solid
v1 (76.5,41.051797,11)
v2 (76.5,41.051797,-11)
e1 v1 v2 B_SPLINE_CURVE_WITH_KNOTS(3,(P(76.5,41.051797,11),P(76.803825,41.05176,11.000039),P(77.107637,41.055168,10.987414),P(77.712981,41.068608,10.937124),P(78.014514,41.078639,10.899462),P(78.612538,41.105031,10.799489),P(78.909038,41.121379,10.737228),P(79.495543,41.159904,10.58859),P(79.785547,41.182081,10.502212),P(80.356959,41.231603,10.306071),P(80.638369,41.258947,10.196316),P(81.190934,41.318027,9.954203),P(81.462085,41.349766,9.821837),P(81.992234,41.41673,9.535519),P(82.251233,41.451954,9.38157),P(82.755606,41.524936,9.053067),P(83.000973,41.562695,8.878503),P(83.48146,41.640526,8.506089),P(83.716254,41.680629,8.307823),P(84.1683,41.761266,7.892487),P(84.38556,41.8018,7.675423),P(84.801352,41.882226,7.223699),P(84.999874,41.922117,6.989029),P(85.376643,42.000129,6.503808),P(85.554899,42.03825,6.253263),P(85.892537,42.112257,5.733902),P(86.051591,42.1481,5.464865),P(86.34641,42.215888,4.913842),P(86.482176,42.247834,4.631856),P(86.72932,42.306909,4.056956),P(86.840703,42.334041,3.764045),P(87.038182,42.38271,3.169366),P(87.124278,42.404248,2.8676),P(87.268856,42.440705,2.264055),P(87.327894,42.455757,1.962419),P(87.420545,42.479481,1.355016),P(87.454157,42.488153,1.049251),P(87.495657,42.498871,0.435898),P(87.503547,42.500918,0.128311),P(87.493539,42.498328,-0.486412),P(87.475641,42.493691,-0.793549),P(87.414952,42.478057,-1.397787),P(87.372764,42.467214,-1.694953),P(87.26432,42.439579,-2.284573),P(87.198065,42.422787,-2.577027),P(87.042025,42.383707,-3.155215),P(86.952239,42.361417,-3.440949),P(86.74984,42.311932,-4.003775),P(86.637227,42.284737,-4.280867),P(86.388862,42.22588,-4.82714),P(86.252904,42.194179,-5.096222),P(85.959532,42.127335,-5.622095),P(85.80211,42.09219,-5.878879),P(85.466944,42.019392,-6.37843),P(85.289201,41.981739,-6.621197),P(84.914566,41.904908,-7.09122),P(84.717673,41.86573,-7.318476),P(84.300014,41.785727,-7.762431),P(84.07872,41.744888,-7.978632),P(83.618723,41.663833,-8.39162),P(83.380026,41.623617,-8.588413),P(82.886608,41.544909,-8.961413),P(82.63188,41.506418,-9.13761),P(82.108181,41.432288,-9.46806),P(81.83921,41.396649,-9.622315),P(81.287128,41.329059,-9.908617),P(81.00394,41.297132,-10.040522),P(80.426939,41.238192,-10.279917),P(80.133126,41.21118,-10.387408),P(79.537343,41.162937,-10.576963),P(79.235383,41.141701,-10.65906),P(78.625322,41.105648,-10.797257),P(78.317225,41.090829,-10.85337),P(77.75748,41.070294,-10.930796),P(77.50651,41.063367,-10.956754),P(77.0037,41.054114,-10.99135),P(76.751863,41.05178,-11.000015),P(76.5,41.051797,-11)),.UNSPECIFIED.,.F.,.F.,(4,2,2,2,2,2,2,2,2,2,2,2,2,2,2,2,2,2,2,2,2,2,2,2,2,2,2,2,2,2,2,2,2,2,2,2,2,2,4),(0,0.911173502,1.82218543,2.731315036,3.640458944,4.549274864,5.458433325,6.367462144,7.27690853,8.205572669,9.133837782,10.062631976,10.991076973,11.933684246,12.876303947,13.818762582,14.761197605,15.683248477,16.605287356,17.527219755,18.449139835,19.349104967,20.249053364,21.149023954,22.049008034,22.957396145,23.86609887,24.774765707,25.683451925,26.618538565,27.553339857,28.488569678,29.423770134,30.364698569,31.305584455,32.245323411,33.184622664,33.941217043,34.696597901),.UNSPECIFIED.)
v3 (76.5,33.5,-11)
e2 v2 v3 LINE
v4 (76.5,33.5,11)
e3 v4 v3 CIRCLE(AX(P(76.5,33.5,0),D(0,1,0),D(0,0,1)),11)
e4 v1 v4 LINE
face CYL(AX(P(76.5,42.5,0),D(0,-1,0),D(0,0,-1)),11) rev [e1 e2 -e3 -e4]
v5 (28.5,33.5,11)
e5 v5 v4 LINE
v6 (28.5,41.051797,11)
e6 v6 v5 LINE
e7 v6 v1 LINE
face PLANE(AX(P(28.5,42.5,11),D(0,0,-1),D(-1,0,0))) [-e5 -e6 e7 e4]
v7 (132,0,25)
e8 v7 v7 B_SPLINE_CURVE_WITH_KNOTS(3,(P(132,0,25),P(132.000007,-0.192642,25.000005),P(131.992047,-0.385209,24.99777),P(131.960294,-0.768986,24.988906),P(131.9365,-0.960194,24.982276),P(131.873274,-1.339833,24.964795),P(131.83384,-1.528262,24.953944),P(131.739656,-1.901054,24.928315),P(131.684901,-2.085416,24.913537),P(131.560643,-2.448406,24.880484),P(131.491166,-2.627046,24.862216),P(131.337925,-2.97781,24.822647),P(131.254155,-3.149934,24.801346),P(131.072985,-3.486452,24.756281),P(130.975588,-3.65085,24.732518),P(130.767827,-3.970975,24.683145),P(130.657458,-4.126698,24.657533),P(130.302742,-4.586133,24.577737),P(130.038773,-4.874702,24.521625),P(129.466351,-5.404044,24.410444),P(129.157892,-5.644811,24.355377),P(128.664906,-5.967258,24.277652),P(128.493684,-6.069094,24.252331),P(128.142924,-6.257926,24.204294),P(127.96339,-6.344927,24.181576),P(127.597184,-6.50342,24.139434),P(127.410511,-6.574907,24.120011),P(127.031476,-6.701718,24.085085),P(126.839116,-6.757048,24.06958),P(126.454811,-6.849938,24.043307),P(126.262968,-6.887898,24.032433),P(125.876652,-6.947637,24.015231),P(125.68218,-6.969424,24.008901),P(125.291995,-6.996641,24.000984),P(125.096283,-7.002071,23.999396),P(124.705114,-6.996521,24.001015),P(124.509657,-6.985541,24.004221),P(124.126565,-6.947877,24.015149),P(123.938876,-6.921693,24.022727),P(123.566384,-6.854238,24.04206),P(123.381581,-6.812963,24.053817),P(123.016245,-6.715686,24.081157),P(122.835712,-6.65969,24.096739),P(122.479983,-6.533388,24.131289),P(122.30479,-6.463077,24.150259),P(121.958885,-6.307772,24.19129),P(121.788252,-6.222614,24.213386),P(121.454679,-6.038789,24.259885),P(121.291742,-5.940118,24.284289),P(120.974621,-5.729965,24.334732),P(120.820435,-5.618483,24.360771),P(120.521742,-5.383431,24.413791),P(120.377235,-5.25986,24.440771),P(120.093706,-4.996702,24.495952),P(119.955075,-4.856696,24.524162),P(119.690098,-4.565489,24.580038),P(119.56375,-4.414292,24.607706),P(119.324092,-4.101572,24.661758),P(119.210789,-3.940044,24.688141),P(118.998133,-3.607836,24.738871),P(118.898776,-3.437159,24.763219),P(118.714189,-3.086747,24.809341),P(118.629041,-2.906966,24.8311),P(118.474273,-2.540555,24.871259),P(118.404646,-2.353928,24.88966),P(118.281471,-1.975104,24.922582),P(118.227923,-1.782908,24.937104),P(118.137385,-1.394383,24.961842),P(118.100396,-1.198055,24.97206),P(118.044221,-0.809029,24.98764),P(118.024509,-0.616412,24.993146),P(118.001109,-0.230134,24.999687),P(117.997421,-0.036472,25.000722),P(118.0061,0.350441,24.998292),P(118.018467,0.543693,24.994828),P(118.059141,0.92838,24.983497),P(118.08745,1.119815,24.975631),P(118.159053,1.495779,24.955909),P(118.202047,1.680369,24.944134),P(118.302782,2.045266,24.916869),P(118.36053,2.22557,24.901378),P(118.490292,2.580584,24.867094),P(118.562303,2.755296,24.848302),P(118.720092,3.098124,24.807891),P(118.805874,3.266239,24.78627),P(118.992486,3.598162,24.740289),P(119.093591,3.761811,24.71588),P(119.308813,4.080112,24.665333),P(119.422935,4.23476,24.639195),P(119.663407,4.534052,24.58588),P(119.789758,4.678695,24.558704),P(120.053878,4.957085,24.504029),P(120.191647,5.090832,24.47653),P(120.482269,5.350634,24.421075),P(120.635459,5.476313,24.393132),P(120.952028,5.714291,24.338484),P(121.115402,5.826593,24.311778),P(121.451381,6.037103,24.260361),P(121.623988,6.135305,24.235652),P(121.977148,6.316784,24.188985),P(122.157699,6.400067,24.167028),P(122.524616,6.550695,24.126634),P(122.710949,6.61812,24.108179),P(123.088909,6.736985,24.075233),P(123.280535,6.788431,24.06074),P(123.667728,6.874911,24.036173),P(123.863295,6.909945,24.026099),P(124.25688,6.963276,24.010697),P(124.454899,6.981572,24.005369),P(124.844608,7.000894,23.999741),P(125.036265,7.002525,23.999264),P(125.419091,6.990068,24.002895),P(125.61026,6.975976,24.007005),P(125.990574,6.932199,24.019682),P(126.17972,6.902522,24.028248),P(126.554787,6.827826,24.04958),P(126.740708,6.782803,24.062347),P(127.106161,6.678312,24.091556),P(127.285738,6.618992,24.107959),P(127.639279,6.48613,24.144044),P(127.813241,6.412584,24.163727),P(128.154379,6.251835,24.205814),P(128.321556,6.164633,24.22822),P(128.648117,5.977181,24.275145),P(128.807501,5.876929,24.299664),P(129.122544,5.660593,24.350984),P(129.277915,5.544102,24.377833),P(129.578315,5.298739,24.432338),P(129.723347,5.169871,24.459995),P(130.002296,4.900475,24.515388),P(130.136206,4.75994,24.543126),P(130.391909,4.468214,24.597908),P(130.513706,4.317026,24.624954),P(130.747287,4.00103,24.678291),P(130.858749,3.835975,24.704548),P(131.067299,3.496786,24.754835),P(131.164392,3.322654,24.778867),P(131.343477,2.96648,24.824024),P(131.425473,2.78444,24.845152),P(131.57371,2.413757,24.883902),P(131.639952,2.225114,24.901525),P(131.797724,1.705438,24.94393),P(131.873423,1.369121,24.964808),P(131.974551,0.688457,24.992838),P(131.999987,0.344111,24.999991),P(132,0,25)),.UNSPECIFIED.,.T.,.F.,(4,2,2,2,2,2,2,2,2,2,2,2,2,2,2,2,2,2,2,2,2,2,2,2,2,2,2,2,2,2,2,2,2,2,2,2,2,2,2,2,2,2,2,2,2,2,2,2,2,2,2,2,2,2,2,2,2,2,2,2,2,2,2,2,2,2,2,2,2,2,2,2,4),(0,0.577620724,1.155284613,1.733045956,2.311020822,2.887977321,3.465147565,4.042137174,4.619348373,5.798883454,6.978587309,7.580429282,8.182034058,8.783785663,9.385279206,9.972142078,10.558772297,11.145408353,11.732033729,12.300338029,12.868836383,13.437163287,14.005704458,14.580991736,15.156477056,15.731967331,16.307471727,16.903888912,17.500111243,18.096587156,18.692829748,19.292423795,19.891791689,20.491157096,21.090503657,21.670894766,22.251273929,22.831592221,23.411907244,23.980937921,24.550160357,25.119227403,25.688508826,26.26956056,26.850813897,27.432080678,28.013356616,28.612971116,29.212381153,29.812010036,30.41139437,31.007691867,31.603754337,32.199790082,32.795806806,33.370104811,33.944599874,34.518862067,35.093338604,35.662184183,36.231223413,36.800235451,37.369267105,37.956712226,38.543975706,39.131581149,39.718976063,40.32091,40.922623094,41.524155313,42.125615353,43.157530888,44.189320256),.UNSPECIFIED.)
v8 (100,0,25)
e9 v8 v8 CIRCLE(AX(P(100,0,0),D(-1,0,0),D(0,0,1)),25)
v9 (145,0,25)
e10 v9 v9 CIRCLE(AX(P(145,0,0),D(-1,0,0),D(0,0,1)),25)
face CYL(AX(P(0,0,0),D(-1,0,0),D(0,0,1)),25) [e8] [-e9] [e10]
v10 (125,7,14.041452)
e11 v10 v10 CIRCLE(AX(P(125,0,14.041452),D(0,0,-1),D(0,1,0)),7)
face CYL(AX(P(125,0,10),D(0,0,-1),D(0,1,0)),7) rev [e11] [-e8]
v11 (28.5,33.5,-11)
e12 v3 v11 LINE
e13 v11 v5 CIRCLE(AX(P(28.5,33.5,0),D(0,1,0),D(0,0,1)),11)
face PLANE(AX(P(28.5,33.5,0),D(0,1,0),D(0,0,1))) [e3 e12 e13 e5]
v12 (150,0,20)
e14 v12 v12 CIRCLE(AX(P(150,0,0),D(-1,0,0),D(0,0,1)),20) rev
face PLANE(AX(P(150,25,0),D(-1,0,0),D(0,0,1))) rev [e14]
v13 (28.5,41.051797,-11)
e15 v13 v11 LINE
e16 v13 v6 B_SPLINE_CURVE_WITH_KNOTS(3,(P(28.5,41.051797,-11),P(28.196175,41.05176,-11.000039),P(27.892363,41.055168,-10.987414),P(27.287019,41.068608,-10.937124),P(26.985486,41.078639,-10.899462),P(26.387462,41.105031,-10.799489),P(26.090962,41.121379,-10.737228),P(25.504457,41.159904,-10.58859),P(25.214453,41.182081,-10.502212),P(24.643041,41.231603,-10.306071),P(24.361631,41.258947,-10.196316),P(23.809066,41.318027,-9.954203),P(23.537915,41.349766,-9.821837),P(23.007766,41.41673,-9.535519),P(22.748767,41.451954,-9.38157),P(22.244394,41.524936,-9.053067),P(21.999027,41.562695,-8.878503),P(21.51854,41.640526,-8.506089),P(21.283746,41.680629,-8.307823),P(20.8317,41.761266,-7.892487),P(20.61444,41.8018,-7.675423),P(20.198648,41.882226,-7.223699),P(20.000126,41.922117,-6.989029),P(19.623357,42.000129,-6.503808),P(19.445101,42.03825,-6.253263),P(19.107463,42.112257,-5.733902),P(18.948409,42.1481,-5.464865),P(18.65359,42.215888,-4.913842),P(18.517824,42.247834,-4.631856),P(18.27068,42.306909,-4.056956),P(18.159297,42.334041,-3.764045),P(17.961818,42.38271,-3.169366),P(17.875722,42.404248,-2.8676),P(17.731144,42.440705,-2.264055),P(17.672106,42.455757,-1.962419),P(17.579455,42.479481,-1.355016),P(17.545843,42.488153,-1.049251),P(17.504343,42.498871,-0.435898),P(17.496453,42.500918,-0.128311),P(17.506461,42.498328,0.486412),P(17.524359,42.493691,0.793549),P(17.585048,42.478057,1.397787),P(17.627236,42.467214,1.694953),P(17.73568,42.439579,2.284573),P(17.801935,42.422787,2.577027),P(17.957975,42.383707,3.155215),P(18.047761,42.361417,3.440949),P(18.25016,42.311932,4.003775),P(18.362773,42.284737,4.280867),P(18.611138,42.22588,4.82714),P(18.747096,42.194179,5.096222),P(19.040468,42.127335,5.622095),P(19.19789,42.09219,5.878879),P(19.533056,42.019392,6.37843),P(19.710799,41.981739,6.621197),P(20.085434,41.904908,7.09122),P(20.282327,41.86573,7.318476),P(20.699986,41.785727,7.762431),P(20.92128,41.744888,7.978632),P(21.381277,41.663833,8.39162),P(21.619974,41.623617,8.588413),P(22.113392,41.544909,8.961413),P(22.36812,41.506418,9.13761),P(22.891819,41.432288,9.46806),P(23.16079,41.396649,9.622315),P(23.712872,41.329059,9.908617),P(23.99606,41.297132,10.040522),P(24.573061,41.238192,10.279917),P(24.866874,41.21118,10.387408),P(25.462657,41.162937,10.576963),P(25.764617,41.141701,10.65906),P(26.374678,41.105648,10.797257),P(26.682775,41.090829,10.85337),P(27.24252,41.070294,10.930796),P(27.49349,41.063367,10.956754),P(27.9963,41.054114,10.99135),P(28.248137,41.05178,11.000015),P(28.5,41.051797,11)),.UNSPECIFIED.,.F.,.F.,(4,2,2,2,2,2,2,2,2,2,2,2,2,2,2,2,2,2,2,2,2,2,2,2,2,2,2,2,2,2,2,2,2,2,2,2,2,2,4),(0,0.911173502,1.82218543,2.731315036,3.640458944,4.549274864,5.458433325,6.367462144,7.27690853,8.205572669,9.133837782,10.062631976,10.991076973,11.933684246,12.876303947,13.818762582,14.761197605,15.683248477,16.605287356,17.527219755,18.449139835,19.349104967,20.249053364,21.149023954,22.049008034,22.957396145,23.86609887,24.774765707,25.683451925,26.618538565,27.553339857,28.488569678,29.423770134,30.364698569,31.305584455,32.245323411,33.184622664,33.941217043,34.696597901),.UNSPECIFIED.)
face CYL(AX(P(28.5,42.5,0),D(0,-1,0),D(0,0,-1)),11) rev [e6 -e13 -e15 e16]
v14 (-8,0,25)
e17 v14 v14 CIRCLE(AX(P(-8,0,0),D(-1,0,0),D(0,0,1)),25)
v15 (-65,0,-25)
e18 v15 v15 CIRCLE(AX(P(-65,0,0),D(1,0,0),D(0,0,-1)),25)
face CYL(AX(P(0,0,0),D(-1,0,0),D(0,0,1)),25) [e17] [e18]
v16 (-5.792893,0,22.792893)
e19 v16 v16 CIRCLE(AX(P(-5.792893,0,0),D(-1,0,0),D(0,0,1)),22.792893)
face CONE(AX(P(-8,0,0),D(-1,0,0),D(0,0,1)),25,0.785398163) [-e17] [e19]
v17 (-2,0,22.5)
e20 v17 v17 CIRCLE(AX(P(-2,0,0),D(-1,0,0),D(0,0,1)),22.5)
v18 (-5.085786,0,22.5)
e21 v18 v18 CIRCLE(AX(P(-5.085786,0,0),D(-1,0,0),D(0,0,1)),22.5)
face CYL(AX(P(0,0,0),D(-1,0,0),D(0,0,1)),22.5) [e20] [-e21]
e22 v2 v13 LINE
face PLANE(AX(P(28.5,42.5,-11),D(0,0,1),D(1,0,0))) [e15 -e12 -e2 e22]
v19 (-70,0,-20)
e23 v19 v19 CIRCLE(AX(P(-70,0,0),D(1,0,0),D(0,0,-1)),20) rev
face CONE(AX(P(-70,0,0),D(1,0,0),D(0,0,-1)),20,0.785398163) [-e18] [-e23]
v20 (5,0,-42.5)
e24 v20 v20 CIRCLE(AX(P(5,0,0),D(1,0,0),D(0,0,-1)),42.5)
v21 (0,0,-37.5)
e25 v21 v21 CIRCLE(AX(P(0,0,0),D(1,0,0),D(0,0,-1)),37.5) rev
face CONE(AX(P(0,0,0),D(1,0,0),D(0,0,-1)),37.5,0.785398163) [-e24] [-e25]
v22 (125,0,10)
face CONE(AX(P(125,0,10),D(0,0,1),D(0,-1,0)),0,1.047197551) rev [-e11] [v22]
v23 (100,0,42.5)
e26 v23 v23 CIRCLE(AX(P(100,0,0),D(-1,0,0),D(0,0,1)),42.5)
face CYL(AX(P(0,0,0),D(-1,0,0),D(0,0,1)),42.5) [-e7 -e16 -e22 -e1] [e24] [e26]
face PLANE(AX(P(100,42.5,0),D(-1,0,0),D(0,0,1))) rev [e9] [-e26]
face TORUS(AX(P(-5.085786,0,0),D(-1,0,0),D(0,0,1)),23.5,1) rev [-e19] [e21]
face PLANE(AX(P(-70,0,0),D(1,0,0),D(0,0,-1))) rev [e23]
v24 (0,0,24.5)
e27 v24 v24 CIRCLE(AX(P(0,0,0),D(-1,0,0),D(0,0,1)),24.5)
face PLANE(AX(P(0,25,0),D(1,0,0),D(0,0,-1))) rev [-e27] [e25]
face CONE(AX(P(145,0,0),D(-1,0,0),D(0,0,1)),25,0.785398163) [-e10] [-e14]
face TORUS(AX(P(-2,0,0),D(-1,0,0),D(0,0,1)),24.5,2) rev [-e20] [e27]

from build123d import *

# Parameters (mm, degrees)
CHAMFER_1_SIZE      = 5
CUT_EXTRUDE_START   = 33.5
CUT_EXTRUDE_1_DEPTH = 129.093626112


with BuildPart() as part:
    # Эскиз1 → Повернуть1 (revolve)
    with BuildSketch(Plane.XY, mode=Mode.PRIVATE) as revolve_1_sk:
        Polygon((-70, 0), (-70, 25), (0, 25), (0, 42.5), (100, 42.5), (100, 25), (150, 25), (150, 0), align=None)
    revolve(revolve_1_sk.sketch.rotate(Axis((0, 0, 0), (1, 0, 0)), 90), axis=Axis((0, 0, 0), (1, 0, 0)))

    # Фаска1
    chamfer_1_edges = [part.edges().sort_by_distance(p)[0] for p in [
        (150, 0, -25),
        (0, 0, -42.5),
        (-70, 0, -25),
    ]]
    chamfer(chamfer_1_edges, length=CHAMFER_1_SIZE)

    # Эскиз2 → Вырез-Повернуть1 (revolve, cut)
    with BuildSketch(Plane.XY, mode=Mode.PRIVATE) as cut_revolve_1_sk:
        with BuildLine():
            Line((0, 25), (0, 24.5))
            ThreePointArc((0, 24.5), (-0.585786438, 23.085786438), (-2, 22.5))
            Line((-2, 22.5), (-5.085786438, 22.5))
            ThreePointArc((-5.085786438, 22.5), (-5.46846987, 22.576120467), (-5.792893219, 22.792893219))
            Line((-5.792893219, 22.792893219), (-8, 25))
            Line((-8, 25), (0, 25))
        make_face()
    revolve(cut_revolve_1_sk.sketch.rotate(Axis((0, 0, 0), (1, 0, 0)), 90), axis=Axis((0, 0, 0), (1, 0, 0)), mode=Mode.SUBTRACT)

    # Эскиз3 → Вырез-Вытянуть1 (cut, through all)
    with BuildSketch(Plane(origin=(0, 0, 0), x_dir=(1, 0, 0), z_dir=(0, 1, 0)).offset(CUT_EXTRUDE_START)):
        with BuildLine():
            Line((28.5, 11), (76.5, 11))
            ThreePointArc((76.5, 11), (87.5, 0), (76.5, -11))
            Line((76.5, -11), (28.5, -11))
            ThreePointArc((28.5, -11), (17.5, 0), (28.5, 11))
        make_face()
    extrude(amount=CUT_EXTRUDE_1_DEPTH, mode=Mode.SUBTRACT)

    # Эскиз4 → Вырез-Повернуть3 (revolve, cut)
    with BuildSketch(Plane(origin=(125, 0, 0), x_dir=(0, 0, -1), z_dir=(1, 0, 0))):
        Polygon((-10, 0), (-14.041451884, 7), (-25, 7), (-25, 0), align=None)
    revolve(axis=Axis((125, 0, 10), (0, 0, 1)), mode=Mode.SUBTRACT)


solid = part.part
